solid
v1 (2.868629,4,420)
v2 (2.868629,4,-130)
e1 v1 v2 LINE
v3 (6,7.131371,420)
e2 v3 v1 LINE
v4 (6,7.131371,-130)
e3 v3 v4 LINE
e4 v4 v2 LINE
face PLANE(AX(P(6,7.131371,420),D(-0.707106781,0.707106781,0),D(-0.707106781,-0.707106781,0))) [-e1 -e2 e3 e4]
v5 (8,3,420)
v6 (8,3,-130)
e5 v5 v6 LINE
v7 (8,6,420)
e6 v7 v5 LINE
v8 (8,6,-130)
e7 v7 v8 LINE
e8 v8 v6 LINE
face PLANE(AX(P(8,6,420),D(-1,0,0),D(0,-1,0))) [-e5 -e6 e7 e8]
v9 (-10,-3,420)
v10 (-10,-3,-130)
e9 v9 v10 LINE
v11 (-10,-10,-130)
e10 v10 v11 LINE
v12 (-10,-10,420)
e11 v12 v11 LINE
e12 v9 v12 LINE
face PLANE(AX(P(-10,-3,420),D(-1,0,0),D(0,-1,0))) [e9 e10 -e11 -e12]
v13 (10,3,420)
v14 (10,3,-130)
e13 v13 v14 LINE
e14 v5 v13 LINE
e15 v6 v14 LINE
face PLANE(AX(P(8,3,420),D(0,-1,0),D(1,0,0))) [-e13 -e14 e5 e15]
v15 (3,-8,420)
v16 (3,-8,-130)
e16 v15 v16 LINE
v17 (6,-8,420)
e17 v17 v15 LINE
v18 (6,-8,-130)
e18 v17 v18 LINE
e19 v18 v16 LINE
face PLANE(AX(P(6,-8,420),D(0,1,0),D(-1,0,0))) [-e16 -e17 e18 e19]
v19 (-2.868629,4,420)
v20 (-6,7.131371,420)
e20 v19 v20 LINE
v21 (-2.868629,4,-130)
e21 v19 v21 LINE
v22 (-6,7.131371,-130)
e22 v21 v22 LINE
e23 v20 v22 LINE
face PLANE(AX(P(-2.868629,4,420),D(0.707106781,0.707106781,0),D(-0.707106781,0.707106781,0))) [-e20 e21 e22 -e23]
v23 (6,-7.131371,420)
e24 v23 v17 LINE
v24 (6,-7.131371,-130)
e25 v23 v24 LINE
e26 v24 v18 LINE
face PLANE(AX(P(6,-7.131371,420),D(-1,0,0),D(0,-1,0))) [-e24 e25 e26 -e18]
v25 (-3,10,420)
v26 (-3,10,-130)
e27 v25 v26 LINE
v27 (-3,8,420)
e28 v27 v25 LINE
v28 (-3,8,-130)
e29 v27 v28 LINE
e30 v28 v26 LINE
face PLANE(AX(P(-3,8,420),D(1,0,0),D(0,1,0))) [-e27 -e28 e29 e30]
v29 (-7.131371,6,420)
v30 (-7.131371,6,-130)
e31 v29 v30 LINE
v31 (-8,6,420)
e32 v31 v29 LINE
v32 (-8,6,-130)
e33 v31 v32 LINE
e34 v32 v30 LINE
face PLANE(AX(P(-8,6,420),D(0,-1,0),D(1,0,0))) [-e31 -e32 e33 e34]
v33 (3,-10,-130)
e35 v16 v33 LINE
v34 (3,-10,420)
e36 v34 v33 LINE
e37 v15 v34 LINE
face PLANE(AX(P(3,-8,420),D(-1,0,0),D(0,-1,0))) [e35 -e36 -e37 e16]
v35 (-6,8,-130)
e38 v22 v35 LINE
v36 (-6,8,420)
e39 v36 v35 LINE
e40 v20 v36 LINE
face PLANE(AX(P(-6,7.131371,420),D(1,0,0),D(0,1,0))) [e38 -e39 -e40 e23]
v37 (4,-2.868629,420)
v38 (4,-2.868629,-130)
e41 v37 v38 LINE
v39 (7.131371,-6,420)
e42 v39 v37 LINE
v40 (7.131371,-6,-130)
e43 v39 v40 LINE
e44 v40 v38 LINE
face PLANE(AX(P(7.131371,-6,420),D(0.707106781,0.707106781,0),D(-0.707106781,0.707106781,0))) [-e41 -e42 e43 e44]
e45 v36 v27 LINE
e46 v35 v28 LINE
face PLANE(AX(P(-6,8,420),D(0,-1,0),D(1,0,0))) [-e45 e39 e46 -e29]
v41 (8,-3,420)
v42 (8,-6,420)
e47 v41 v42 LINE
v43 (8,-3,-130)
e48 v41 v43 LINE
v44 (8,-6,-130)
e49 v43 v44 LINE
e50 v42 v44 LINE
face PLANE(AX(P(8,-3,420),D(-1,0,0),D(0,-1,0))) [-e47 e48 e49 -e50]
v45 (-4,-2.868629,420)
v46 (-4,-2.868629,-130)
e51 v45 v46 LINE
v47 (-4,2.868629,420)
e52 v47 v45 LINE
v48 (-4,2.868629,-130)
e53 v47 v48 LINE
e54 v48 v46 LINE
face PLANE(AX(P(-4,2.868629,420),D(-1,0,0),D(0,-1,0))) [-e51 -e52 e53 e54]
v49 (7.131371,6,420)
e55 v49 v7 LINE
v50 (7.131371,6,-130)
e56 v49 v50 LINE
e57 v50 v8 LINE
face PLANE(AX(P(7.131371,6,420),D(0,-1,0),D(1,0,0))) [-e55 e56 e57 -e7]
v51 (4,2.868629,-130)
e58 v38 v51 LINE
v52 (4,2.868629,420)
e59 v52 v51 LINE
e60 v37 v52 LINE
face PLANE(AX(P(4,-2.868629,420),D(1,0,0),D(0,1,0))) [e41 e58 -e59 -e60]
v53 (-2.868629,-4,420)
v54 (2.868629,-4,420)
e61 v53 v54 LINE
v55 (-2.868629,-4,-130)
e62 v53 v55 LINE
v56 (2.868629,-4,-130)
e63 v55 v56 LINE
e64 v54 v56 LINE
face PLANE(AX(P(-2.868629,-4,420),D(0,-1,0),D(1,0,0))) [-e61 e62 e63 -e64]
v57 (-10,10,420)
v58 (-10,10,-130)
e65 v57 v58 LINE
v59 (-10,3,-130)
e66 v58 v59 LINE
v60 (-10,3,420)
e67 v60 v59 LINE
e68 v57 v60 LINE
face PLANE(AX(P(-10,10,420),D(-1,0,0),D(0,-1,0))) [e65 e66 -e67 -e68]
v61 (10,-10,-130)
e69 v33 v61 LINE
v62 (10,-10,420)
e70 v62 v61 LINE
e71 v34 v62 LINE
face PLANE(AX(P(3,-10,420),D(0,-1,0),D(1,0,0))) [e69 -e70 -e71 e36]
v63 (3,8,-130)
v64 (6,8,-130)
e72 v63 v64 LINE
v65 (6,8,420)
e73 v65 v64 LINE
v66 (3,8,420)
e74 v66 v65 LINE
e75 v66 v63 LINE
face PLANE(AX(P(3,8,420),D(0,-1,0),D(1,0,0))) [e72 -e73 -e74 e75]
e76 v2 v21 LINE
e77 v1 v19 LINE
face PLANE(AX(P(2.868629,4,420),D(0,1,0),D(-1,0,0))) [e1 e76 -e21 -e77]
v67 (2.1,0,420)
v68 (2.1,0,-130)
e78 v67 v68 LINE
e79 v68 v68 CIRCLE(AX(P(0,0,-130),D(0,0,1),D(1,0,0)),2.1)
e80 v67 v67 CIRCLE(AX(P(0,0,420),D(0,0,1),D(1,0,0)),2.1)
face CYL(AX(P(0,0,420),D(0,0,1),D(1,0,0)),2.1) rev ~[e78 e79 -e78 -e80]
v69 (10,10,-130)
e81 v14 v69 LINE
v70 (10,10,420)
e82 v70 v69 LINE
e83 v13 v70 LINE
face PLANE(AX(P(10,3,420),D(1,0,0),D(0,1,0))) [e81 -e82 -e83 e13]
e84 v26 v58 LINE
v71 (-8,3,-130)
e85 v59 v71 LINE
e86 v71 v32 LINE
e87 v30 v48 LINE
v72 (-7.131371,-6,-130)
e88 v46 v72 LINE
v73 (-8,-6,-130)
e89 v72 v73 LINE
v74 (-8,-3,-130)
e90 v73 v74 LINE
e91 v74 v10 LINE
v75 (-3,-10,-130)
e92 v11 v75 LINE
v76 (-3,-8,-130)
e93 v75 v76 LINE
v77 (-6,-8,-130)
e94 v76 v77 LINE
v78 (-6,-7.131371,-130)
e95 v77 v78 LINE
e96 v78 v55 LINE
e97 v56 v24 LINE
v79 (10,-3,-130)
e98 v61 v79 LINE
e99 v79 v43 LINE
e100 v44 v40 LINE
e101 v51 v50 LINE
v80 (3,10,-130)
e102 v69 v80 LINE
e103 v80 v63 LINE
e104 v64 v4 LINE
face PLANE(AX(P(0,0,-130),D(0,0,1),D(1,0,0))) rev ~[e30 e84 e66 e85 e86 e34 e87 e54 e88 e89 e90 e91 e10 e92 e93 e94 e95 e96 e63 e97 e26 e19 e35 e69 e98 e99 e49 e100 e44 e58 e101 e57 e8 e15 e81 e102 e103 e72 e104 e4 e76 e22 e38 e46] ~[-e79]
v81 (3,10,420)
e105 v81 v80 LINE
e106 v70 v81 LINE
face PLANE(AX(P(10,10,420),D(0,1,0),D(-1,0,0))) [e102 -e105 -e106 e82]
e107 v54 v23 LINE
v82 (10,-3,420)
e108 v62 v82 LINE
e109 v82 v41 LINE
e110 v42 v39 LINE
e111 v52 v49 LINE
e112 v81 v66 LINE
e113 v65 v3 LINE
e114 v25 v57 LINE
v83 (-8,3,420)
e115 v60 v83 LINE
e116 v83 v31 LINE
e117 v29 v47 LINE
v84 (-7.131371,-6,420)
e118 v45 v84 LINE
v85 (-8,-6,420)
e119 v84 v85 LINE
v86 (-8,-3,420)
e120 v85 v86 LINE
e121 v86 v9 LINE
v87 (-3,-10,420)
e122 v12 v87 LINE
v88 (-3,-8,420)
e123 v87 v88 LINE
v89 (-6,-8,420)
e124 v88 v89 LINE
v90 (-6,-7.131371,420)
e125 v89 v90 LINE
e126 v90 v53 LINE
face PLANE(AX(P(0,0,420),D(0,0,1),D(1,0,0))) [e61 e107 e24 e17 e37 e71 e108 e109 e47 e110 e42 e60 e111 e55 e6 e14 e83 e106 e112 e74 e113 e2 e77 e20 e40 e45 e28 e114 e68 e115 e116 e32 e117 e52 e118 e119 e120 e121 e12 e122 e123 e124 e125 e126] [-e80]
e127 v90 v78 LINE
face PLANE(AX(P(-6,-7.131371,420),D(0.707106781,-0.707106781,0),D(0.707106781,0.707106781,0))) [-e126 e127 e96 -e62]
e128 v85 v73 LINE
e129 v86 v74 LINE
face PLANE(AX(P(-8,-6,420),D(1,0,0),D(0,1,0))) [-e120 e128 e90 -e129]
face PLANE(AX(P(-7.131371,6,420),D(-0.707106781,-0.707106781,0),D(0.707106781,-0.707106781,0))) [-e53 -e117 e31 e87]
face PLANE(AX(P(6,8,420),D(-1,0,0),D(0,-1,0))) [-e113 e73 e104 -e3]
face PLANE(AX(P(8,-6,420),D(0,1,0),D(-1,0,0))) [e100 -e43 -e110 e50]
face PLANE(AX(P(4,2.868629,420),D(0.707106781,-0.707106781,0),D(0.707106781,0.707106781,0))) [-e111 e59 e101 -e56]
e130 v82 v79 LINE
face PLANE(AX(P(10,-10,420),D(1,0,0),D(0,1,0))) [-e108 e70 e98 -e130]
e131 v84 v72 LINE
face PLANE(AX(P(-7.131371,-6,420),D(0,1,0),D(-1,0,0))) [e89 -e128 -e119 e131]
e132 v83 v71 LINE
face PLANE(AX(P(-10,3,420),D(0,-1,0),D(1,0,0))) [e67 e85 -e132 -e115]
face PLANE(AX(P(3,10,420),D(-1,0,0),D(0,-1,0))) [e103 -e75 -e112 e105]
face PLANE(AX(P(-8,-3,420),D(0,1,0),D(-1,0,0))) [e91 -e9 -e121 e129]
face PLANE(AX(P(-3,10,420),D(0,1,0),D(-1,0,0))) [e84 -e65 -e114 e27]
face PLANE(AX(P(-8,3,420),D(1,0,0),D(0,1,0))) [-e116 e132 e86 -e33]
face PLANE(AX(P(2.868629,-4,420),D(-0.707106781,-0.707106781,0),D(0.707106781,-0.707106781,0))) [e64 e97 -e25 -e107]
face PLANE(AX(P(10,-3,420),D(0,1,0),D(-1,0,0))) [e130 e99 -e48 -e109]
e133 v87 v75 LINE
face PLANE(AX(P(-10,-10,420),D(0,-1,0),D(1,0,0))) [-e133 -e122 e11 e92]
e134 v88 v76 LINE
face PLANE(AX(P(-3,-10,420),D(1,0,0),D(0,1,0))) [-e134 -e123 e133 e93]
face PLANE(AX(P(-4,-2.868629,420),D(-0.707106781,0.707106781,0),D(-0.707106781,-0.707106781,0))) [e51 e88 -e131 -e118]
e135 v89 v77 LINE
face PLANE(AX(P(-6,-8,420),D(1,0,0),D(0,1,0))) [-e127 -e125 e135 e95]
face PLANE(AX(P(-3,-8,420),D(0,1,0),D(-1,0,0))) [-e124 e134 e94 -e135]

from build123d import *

# Parameters (mm, degrees)
CROQUIS1_R              = 2.1
SALIENTE_EXTRUIR1_DEPTH = 550


with BuildPart() as part:
    # Croquis1 → Saliente-Extruir1 (new body)
    with BuildSketch(Plane.XY.offset(420)):
        Polygon((-10, 10), (-10, 3), (-8, 3), (-8, 6), (-7.13137085, 6), (-4, 2.86862915), (-4, -2.86862915), (-7.13137085, -6), (-8, -6), (-8, -3), (-10, -3), (-10, -10), (-3, -10), (-3, -8), (-6, -8), (-6, -7.13137085), (-2.86862915, -4), (2.86862915, -4), (6, -7.13137085), (6, -8), (3, -8), (3, -10), (10, -10), (10, -3), (8, -3), (8, -6), (7.13137085, -6), (4, -2.86862915), (4, 2.86862915), (7.13137085, 6), (8, 6), (8, 3), (10, 3), (10, 10), (3, 10), (3, 8), (6, 8), (6, 7.13137085), (2.86862915, 4), (-2.86862915, 4), (-6, 7.13137085), (-6, 8), (-3, 8), (-3, 10), align=None)
        Circle(CROQUIS1_R, mode=Mode.SUBTRACT)
    extrude(amount=-SALIENTE_EXTRUIR1_DEPTH)


solid = part.part
